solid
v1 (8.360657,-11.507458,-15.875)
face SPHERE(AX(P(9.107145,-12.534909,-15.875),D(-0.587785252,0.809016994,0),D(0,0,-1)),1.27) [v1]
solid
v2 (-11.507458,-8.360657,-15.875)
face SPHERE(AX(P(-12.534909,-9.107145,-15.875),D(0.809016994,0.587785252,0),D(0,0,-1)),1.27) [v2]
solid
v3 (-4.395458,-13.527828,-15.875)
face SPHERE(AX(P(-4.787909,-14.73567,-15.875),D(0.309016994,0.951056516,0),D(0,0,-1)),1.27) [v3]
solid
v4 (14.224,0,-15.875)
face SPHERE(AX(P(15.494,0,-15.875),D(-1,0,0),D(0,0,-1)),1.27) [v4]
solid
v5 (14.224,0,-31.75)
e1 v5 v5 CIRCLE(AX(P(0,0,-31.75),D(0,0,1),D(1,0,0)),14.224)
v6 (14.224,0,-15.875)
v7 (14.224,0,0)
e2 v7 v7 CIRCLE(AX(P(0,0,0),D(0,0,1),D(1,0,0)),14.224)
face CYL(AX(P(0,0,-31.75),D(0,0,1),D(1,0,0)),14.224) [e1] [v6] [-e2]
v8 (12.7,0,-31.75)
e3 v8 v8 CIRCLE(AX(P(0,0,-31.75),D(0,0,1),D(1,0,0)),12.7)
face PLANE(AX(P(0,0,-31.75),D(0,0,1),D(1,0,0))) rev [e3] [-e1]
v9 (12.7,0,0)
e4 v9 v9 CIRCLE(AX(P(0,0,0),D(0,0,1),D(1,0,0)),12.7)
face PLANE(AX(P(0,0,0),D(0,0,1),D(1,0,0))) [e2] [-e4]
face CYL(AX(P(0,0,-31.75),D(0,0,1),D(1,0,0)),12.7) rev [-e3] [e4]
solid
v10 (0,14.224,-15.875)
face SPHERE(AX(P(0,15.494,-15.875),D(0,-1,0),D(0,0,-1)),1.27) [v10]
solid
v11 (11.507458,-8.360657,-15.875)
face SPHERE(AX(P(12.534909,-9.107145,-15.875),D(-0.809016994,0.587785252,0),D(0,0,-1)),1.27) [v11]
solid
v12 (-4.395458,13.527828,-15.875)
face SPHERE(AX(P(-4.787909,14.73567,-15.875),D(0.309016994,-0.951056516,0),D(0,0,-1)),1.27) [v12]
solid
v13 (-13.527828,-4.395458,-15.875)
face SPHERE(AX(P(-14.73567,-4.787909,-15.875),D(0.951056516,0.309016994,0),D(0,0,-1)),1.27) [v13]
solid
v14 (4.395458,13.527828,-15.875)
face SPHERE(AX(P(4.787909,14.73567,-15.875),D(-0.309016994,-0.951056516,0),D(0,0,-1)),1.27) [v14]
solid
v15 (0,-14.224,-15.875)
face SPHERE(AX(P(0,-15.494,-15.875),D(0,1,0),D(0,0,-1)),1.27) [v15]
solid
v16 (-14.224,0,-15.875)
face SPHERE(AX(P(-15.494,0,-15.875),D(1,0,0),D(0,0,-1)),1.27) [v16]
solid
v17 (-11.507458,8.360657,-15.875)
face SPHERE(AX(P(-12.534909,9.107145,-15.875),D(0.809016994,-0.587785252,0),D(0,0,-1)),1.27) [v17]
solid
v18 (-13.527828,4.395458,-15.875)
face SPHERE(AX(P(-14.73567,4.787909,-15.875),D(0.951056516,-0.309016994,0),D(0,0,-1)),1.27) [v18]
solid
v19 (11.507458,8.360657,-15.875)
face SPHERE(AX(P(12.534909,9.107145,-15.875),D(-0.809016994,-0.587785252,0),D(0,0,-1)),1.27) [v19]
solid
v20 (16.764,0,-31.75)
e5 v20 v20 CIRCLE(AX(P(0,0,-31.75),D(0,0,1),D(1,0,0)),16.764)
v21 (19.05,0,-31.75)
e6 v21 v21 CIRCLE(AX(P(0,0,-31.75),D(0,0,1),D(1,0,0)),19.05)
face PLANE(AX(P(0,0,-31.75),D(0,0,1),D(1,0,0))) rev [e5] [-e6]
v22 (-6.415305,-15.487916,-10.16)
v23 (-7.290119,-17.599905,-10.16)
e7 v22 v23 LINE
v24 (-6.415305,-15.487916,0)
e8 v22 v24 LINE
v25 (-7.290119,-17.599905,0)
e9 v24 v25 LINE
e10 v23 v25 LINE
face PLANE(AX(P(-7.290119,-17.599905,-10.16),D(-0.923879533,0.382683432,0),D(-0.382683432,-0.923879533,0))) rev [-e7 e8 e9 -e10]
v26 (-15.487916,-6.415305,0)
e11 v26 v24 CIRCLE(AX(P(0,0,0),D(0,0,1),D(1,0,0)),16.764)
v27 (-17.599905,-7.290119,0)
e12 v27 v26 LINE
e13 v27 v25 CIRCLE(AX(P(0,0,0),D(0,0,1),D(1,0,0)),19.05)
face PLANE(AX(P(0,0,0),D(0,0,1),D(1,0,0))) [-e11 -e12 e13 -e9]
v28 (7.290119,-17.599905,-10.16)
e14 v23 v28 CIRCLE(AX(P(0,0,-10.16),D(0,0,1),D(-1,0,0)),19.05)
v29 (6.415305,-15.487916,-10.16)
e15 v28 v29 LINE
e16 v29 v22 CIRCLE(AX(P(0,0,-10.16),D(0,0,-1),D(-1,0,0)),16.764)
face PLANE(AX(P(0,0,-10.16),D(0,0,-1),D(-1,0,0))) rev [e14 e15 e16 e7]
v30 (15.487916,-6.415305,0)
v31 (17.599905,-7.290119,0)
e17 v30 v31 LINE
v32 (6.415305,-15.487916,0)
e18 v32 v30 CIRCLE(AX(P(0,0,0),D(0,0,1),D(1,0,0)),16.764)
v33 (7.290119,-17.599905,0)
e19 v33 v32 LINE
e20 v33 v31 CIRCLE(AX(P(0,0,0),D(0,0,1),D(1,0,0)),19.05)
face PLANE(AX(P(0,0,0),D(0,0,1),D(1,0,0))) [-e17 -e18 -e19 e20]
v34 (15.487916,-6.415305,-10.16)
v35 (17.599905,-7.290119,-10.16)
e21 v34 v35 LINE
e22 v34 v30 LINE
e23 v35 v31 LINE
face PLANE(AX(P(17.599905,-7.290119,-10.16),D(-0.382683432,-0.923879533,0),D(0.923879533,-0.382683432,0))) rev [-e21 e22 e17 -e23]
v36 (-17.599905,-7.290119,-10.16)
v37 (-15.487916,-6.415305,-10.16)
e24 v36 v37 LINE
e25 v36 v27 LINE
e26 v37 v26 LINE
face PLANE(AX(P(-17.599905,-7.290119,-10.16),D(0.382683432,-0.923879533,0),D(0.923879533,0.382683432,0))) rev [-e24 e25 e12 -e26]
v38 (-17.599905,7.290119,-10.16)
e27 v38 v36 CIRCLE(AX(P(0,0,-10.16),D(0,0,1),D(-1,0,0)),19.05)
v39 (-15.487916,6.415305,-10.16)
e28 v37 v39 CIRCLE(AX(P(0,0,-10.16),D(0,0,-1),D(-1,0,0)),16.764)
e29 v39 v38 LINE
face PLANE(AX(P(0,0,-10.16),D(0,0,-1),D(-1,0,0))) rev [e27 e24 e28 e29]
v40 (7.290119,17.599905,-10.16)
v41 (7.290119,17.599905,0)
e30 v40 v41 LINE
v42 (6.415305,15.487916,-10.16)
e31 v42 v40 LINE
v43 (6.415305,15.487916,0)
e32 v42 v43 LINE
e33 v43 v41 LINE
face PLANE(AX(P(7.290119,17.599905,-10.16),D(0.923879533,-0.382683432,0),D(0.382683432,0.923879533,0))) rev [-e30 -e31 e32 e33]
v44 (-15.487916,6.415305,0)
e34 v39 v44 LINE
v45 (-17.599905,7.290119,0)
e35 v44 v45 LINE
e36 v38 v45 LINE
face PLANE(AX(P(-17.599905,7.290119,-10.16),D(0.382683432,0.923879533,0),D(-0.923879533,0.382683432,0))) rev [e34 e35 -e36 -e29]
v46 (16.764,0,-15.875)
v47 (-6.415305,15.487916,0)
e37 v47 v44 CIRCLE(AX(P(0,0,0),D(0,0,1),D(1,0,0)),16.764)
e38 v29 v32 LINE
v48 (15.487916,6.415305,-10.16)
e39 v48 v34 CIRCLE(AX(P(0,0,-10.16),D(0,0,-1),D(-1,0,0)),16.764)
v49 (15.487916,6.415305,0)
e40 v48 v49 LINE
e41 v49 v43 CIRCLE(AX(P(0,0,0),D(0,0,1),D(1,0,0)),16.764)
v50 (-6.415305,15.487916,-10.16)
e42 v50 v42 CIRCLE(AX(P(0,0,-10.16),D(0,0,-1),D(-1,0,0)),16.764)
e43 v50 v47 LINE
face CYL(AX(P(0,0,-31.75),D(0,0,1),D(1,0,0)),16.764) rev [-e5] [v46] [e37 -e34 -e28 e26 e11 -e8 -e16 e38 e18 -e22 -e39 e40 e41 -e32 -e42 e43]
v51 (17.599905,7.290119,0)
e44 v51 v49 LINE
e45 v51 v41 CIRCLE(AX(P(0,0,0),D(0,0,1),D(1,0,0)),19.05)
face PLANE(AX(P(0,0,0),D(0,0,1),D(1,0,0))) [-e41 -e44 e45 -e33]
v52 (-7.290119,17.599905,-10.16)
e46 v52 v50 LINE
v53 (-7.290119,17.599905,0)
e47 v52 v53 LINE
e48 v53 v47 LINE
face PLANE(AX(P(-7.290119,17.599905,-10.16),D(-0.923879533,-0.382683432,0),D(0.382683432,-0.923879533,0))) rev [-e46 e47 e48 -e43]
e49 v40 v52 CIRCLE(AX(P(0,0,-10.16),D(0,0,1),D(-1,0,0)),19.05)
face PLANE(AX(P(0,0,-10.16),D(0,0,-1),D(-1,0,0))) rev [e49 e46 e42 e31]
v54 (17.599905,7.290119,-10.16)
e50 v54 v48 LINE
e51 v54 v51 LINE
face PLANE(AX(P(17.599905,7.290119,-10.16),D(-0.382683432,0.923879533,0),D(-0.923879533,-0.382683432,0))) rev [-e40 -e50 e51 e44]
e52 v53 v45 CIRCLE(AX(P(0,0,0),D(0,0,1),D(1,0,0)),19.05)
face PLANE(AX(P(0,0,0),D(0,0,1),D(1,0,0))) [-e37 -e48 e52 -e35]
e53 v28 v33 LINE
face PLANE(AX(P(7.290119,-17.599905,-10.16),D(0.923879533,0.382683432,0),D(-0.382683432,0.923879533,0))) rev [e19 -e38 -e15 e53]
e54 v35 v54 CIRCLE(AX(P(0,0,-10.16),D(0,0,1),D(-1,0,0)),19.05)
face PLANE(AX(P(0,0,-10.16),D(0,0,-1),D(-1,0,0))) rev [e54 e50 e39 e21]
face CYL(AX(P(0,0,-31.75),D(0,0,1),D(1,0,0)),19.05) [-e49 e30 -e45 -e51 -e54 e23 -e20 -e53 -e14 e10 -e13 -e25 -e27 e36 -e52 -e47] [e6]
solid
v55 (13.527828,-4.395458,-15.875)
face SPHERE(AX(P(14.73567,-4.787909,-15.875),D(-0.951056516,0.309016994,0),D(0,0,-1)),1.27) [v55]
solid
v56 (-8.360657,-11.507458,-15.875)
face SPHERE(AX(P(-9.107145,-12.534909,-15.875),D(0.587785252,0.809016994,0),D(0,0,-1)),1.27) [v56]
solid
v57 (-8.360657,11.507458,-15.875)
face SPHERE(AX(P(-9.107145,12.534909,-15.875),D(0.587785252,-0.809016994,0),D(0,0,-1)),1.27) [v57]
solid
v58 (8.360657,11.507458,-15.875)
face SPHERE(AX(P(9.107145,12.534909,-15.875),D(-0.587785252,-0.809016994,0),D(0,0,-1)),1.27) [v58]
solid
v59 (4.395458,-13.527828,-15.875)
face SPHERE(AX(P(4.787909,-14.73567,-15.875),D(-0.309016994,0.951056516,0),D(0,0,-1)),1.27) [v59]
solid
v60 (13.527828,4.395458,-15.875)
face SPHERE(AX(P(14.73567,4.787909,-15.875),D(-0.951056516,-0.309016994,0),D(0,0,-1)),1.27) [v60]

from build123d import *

# Parameters (mm, degrees)
SKETCH1_R             = 19.05
SKETCH1_R_2           = 16.764
BOSS_EXTRUDE1_DEPTH   = 31.75
SKETCH1_R_3           = 14.224
SKETCH1_R_4           = 12.7
BOSS_EXTRUDE1_2_DEPTH = 31.75
CIRPATTERN10_COUNT    = 20
CUT_EXTRUDE1_DEPTH    = 10.16


with BuildPart() as part:
    # Sketch1 → Boss-Extrude1 (new body)
    with BuildSketch(Plane.XY):
        Circle(SKETCH1_R)
        Circle(SKETCH1_R_2, mode=Mode.SUBTRACT)
    extrude(amount=-BOSS_EXTRUDE1_DEPTH)

    # Sketch3 → Cut-Extrude1 (cut)
    with BuildSketch(Plane.XY):
        with BuildLine():
            Line((-7.290119387, 17.599905094), (-6.41530506, 15.487916483))
            ThreePointArc((-6.41530506, 15.487916483), (0, 16.764), (6.41530506, 15.487916483))
            Line((6.41530506, 15.487916483), (7.290119387, 17.599905094))
            ThreePointArc((7.290119387, 17.599905094), (0, 19.05), (-7.290119387, 17.599905094))
        make_face()
        with BuildLine():
            Line((17.599905094, -7.290119387), (15.487916483, -6.41530506))
            ThreePointArc((15.487916483, -6.41530506), (16.764, 0), (15.487916483, 6.41530506))
            Line((15.487916483, 6.41530506), (17.599905094, 7.290119387))
            ThreePointArc((17.599905094, 7.290119387), (19.05, 0), (17.599905094, -7.290119387))
        make_face()
        with BuildLine():
            Line((-7.290119387, -17.599905094), (-6.41530506, -15.487916483))
            ThreePointArc((-6.41530506, -15.487916483), (0, -16.764), (6.41530506, -15.487916483))
            Line((6.41530506, -15.487916483), (7.290119387, -17.599905094))
            ThreePointArc((7.290119387, -17.599905094), (0, -19.05), (-7.290119387, -17.599905094))
        make_face()
        with BuildLine():
            Line((-17.599905094, 7.290119387), (-15.487916483, 6.41530506))
            ThreePointArc((-15.487916483, 6.41530506), (-16.764, 0), (-15.487916483, -6.41530506))
            Line((-15.487916483, -6.41530506), (-17.599905094, -7.290119387))
            ThreePointArc((-17.599905094, -7.290119387), (-19.05, 0), (-17.599905094, 7.290119387))
        make_face()
    extrude(amount=-CUT_EXTRUDE1_DEPTH, mode=Mode.SUBTRACT)


with BuildPart() as body_2:
    # Sketch1 → Boss-Extrude1 2 (new body)
    with BuildSketch(Plane.XY):
        Circle(SKETCH1_R_3)
        Circle(SKETCH1_R_4, mode=Mode.SUBTRACT)
    extrude(amount=-BOSS_EXTRUDE1_2_DEPTH)


with BuildPart() as body_3:
    # Sketch2 → Revolve1 (revolve)
    with BuildSketch(Plane(origin=(0, 0, 0), x_dir=(1, 0, 0), z_dir=(0, 1, 0))):
        with BuildLine():
            Line((14.224, 15.875), (16.764, 15.875))
            ThreePointArc((16.764, 15.875), (15.494, 17.145), (14.224, 15.875))
        make_face()
    revolve(axis=Axis((14.224, 0, -15.875), (1, 0, 0)))


with BuildPart() as cirpattern10_1:
    # CirPattern10: pattern copy
    add(body_3.part.rotate(Axis((0, 0, 0), (0, 0, 1)), 1 * 360 / CIRPATTERN10_COUNT))


with BuildPart() as cirpattern10_2:
    # CirPattern10: pattern copy
    add(body_3.part.rotate(Axis((0, 0, 0), (0, 0, 1)), 2 * 360 / CIRPATTERN10_COUNT))


with BuildPart() as cirpattern10_3:
    # CirPattern10: pattern copy
    add(body_3.part.rotate(Axis((0, 0, 0), (0, 0, 1)), 3 * 360 / CIRPATTERN10_COUNT))


with BuildPart() as cirpattern10_4:
    # CirPattern10: pattern copy
    add(body_3.part.rotate(Axis((0, 0, 0), (0, 0, 1)), 4 * 360 / CIRPATTERN10_COUNT))


with BuildPart() as cirpattern10_5:
    # CirPattern10: pattern copy
    add(body_3.part.rotate(Axis((0, 0, 0), (0, 0, 1)), 5 * 360 / CIRPATTERN10_COUNT))


with BuildPart() as cirpattern10_6:
    # CirPattern10: pattern copy
    add(body_3.part.rotate(Axis((0, 0, 0), (0, 0, 1)), 6 * 360 / CIRPATTERN10_COUNT))


with BuildPart() as cirpattern10_7:
    # CirPattern10: pattern copy
    add(body_3.part.rotate(Axis((0, 0, 0), (0, 0, 1)), 7 * 360 / CIRPATTERN10_COUNT))


with BuildPart() as cirpattern10_8:
    # CirPattern10: pattern copy
    add(body_3.part.rotate(Axis((0, 0, 0), (0, 0, 1)), 8 * 360 / CIRPATTERN10_COUNT))


with BuildPart() as cirpattern10_9:
    # CirPattern10: pattern copy
    add(body_3.part.rotate(Axis((0, 0, 0), (0, 0, 1)), 9 * 360 / CIRPATTERN10_COUNT))


with BuildPart() as cirpattern10_10:
    # CirPattern10: pattern copy
    add(body_3.part.rotate(Axis((0, 0, 0), (0, 0, 1)), 10 * 360 / CIRPATTERN10_COUNT))


with BuildPart() as cirpattern10_11:
    # CirPattern10: pattern copy
    add(body_3.part.rotate(Axis((0, 0, 0), (0, 0, 1)), 11 * 360 / CIRPATTERN10_COUNT))


with BuildPart() as cirpattern10_12:
    # CirPattern10: pattern copy
    add(body_3.part.rotate(Axis((0, 0, 0), (0, 0, 1)), 12 * 360 / CIRPATTERN10_COUNT))


with BuildPart() as cirpattern10_13:
    # CirPattern10: pattern copy
    add(body_3.part.rotate(Axis((0, 0, 0), (0, 0, 1)), 13 * 360 / CIRPATTERN10_COUNT))


with BuildPart() as cirpattern10_14:
    # CirPattern10: pattern copy
    add(body_3.part.rotate(Axis((0, 0, 0), (0, 0, 1)), 14 * 360 / CIRPATTERN10_COUNT))


with BuildPart() as cirpattern10_15:
    # CirPattern10: pattern copy
    add(body_3.part.rotate(Axis((0, 0, 0), (0, 0, 1)), 15 * 360 / CIRPATTERN10_COUNT))


with BuildPart() as cirpattern10_16:
    # CirPattern10: pattern copy
    add(body_3.part.rotate(Axis((0, 0, 0), (0, 0, 1)), 16 * 360 / CIRPATTERN10_COUNT))


with BuildPart() as cirpattern10_17:
    # CirPattern10: pattern copy
    add(body_3.part.rotate(Axis((0, 0, 0), (0, 0, 1)), 17 * 360 / CIRPATTERN10_COUNT))


with BuildPart() as cirpattern10_18:
    # CirPattern10: pattern copy
    add(body_3.part.rotate(Axis((0, 0, 0), (0, 0, 1)), 18 * 360 / CIRPATTERN10_COUNT))


with BuildPart() as cirpattern10_19:
    # CirPattern10: pattern copy
    add(body_3.part.rotate(Axis((0, 0, 0), (0, 0, 1)), 19 * 360 / CIRPATTERN10_COUNT))


solid = Compound([part.part, body_2.part, body_3.part, cirpattern10_1.part, cirpattern10_2.part, cirpattern10_3.part, cirpattern10_4.part, cirpattern10_5.part, cirpattern10_6.part, cirpattern10_7.part, cirpattern10_8.part, cirpattern10_9.part, cirpattern10_10.part, cirpattern10_11.part, cirpattern10_12.part, cirpattern10_13.part, cirpattern10_14.part, cirpattern10_15.part, cirpattern10_16.part, cirpattern10_17.part, cirpattern10_18.part, cirpattern10_19.part])
